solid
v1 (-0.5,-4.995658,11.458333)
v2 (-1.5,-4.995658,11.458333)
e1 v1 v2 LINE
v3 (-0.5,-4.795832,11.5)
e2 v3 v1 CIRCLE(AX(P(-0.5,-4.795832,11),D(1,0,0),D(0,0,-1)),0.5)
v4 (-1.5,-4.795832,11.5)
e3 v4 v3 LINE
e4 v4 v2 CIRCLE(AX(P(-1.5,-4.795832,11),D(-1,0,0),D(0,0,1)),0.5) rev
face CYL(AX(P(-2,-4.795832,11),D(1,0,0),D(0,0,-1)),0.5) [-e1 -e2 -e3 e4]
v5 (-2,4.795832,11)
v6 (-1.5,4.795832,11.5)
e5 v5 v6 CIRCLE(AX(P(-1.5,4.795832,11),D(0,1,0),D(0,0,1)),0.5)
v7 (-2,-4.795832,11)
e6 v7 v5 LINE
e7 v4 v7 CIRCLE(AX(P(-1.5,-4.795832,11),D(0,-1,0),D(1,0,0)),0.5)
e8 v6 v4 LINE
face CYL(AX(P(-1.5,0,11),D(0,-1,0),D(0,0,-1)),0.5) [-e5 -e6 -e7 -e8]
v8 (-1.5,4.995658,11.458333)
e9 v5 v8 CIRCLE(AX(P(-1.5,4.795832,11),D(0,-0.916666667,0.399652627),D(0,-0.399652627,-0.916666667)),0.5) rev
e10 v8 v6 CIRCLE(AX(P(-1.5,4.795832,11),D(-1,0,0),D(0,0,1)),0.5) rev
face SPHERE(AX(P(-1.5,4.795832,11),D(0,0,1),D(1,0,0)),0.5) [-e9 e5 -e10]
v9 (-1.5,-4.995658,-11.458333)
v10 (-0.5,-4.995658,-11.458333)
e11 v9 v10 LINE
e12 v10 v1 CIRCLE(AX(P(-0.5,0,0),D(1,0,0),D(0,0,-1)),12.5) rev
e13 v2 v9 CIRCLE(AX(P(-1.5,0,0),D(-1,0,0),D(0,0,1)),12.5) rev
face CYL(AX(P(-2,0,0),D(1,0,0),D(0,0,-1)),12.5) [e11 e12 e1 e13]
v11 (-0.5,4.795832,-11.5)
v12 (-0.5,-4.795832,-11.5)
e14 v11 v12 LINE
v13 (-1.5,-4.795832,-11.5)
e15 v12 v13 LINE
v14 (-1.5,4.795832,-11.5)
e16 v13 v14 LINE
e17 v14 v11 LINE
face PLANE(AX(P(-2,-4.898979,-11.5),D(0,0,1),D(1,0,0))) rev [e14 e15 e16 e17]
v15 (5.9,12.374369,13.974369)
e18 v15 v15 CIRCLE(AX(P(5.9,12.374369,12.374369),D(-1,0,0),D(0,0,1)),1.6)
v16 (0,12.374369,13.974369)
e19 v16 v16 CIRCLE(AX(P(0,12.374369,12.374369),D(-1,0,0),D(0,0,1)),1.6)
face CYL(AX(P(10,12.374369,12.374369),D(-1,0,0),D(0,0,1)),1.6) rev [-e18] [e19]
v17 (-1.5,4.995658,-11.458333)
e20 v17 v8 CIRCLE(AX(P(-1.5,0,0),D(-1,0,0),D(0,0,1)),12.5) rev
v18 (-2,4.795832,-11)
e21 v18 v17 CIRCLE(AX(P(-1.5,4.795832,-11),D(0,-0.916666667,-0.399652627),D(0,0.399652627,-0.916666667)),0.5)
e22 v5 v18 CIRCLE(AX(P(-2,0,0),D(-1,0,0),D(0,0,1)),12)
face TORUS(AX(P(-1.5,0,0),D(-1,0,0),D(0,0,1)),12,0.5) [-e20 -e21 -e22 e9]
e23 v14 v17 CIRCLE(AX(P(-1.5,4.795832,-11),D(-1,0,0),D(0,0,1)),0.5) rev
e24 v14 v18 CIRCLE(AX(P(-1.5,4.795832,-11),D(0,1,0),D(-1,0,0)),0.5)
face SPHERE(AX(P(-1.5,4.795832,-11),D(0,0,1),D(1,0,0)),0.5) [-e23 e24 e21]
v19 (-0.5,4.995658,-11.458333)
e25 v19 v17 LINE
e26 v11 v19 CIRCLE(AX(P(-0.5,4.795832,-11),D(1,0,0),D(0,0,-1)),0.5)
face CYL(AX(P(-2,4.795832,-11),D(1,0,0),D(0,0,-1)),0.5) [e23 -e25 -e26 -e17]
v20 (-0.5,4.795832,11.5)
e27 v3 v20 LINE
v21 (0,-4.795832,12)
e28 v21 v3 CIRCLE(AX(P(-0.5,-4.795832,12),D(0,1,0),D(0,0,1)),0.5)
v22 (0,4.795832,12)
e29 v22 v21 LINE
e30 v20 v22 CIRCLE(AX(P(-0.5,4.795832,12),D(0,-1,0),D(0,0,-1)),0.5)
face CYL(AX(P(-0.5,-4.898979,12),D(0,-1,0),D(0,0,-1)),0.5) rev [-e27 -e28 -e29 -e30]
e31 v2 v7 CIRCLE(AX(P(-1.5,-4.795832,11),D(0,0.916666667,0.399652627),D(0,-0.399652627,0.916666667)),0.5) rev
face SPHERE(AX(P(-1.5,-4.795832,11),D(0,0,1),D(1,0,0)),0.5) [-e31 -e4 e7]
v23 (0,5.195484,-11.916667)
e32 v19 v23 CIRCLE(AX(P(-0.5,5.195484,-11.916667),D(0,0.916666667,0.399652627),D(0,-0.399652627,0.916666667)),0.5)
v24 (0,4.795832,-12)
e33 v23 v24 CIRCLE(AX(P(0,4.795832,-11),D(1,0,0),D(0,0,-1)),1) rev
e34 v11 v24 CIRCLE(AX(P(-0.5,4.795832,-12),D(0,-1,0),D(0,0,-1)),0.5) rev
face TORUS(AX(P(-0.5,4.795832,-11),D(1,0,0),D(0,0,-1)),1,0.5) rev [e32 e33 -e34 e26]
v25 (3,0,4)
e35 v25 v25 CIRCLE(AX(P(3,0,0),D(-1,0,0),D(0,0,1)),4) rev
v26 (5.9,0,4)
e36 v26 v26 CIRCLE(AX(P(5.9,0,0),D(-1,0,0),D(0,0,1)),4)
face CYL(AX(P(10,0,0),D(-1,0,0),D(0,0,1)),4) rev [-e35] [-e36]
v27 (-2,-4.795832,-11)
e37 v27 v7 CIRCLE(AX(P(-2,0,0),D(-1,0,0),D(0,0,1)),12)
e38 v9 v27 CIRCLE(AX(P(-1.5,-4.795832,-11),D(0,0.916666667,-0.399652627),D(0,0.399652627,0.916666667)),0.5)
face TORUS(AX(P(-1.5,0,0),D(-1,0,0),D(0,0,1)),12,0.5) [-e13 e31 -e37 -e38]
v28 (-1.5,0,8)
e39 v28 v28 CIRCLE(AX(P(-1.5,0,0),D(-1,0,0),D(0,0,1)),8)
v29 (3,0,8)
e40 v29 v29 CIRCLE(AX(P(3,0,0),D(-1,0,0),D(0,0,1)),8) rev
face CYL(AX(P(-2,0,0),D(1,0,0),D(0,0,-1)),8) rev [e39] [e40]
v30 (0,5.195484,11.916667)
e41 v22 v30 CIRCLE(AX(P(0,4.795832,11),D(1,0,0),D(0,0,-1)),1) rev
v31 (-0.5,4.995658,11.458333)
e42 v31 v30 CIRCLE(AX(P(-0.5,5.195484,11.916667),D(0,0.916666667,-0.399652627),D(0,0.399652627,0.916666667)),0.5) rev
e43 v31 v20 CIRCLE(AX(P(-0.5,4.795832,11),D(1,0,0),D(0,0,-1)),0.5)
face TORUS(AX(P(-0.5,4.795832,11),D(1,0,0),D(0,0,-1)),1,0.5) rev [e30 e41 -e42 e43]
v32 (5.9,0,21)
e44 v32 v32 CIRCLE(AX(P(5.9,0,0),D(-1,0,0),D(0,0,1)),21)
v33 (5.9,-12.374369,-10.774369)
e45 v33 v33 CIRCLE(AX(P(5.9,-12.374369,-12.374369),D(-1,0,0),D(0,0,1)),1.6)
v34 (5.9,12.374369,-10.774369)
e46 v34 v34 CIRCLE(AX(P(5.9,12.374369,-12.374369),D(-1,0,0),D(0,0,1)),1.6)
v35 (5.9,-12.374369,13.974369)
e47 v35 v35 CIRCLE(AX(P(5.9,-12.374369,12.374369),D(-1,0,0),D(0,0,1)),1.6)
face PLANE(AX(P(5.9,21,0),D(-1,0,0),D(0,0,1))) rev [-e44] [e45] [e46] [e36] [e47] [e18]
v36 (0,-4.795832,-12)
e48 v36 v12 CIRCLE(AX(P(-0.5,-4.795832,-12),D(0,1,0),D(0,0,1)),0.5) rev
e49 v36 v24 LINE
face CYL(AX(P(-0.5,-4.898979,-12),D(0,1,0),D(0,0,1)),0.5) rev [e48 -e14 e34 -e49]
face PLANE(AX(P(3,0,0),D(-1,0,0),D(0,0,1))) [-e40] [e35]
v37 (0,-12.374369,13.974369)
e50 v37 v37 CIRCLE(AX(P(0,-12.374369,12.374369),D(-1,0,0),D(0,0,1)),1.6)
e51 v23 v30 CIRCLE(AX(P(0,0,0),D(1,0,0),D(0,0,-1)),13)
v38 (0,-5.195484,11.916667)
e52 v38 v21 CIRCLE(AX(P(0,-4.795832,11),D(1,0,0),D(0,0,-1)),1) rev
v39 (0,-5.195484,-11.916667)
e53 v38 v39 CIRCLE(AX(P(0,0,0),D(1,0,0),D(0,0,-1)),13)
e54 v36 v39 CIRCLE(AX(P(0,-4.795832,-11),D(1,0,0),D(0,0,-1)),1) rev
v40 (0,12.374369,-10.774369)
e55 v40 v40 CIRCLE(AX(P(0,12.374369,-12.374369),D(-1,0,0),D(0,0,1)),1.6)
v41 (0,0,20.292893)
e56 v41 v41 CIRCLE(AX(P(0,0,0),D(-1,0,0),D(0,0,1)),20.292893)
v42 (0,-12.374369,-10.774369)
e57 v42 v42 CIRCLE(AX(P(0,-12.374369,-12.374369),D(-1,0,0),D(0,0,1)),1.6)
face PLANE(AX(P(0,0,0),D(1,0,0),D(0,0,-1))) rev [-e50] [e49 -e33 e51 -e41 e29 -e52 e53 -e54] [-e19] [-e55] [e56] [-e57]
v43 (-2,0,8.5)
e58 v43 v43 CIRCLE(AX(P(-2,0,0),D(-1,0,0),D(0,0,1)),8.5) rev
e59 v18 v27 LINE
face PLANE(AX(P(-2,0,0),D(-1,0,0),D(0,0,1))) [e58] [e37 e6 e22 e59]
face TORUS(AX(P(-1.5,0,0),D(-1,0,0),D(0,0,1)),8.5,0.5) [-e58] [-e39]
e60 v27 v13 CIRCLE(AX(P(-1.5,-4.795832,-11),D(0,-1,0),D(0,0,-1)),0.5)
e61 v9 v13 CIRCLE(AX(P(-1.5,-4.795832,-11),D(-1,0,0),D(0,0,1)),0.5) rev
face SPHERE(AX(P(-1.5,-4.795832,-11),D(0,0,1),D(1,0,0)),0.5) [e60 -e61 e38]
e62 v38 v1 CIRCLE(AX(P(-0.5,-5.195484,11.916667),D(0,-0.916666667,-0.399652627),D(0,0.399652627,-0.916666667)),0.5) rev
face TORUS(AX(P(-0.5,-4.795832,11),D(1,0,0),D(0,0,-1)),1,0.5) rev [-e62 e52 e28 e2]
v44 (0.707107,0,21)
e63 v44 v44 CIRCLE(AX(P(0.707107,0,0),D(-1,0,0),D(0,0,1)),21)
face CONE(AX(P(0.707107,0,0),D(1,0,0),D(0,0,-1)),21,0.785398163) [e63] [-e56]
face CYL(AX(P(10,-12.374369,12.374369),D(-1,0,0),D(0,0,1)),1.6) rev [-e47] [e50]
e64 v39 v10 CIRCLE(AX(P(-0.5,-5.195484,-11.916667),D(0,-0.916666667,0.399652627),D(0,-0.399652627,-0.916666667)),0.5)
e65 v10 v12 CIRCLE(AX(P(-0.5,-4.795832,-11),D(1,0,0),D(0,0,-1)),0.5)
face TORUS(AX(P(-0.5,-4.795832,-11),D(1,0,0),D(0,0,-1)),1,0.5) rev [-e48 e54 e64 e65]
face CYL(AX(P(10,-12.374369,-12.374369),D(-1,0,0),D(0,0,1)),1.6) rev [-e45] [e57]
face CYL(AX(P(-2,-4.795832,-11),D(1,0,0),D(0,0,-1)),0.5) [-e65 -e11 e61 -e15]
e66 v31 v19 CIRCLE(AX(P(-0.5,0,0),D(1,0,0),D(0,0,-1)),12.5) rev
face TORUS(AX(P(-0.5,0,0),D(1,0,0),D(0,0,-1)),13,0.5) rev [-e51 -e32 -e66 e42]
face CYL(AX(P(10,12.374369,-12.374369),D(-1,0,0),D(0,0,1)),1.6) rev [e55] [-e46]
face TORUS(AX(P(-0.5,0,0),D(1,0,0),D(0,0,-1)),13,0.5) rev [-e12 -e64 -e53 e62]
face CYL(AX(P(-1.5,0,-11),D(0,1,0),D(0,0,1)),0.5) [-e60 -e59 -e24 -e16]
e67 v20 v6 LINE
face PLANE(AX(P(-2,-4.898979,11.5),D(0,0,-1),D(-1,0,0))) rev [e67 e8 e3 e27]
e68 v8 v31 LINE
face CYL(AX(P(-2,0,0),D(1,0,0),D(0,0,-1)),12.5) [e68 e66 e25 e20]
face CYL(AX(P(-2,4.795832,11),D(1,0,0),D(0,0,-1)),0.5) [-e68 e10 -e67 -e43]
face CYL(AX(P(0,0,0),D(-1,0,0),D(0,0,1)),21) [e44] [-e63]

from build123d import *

# Parameters (mm, degrees)
SKETCH2_R           = 8
BOSS_EXTRUDE1_DEPTH = 2
FILLET1_R           = 0.5
SKETCH3_R           = 1.6
CUT_EXTRUDE1_DEPTH  = 10
SKETCH4_R           = 4
CUT_EXTRUDE2_DEPTH  = 10
SKETCH5_R           = 8
CUT_EXTRUDE3_DEPTH  = 3


with BuildPart() as part:
    # Sketch1 → Revolve1 (revolve)
    with BuildSketch(Plane.XY):
        Polygon((0, 0), (0, 20.292893219), (0.707106781, 21), (5.9, 21), (5.9, 0), align=None)
    revolve(axis=Axis((0, 0, 0), (1, 0, 0)))

    # Sketch2 → Boss-Extrude1 (add)
    with BuildSketch(Plane.ZY):
        with BuildLine():
            Line((-11.5, -4.898979486), (-11.5, 4.898979486))
            ThreePointArc((-11.5, 4.898979486), (0, 12.5), (11.5, 4.898979486))
            Line((11.5, 4.898979486), (11.5, -4.898979486))
            ThreePointArc((11.5, -4.898979486), (0, -12.5), (-11.5, -4.898979486))
        make_face()
        Circle(SKETCH2_R, mode=Mode.SUBTRACT)
    extrude(amount=BOSS_EXTRUDE1_DEPTH)

    # Fillet1
    fillet1_edges = [part.edges().sort_by_distance(p)[0] for p in [
        (-2, 12.5, 0),
        (-2, 0, -11.5),
        (-2, -12.5, 0),
        (-2, 0, 11.5),
        (0, 12.5, 0),
        (-1, 4.898979486, 11.5),
        (0, 0, -11.5),
        (-1, 4.898979486, -11.5),
        (0, -12.5, 0),
        (-1, -4.898979486, -11.5),
        (0, 0, 11.5),
        (-1, -4.898979486, 11.5),
        (-2, 0, -8),
    ]]
    fillet(fillet1_edges, radius=FILLET1_R)

    # Sketch3 → Cut-Extrude1 (cut)
    with BuildSketch(Plane.ZY):
        with Locations((12.374368671, 12.374368671)):
            Circle(SKETCH3_R)
        with Locations((-12.374368671, 12.374368671)):
            Circle(SKETCH3_R)
        with Locations((-12.374368671, -12.374368671)):
            Circle(SKETCH3_R)
        with Locations((12.374368671, -12.374368671)):
            Circle(SKETCH3_R)
    extrude(amount=-CUT_EXTRUDE1_DEPTH, mode=Mode.SUBTRACT)

    # Sketch4 → Cut-Extrude2 (cut)
    with BuildSketch(Plane.ZY):
        Circle(SKETCH4_R)
    extrude(amount=-CUT_EXTRUDE2_DEPTH, mode=Mode.SUBTRACT)

    # Sketch5 → Cut-Extrude3 (cut)
    with BuildSketch(Plane.ZY):
        Circle(SKETCH5_R)
    extrude(amount=-CUT_EXTRUDE3_DEPTH, mode=Mode.SUBTRACT)


solid = part.part
